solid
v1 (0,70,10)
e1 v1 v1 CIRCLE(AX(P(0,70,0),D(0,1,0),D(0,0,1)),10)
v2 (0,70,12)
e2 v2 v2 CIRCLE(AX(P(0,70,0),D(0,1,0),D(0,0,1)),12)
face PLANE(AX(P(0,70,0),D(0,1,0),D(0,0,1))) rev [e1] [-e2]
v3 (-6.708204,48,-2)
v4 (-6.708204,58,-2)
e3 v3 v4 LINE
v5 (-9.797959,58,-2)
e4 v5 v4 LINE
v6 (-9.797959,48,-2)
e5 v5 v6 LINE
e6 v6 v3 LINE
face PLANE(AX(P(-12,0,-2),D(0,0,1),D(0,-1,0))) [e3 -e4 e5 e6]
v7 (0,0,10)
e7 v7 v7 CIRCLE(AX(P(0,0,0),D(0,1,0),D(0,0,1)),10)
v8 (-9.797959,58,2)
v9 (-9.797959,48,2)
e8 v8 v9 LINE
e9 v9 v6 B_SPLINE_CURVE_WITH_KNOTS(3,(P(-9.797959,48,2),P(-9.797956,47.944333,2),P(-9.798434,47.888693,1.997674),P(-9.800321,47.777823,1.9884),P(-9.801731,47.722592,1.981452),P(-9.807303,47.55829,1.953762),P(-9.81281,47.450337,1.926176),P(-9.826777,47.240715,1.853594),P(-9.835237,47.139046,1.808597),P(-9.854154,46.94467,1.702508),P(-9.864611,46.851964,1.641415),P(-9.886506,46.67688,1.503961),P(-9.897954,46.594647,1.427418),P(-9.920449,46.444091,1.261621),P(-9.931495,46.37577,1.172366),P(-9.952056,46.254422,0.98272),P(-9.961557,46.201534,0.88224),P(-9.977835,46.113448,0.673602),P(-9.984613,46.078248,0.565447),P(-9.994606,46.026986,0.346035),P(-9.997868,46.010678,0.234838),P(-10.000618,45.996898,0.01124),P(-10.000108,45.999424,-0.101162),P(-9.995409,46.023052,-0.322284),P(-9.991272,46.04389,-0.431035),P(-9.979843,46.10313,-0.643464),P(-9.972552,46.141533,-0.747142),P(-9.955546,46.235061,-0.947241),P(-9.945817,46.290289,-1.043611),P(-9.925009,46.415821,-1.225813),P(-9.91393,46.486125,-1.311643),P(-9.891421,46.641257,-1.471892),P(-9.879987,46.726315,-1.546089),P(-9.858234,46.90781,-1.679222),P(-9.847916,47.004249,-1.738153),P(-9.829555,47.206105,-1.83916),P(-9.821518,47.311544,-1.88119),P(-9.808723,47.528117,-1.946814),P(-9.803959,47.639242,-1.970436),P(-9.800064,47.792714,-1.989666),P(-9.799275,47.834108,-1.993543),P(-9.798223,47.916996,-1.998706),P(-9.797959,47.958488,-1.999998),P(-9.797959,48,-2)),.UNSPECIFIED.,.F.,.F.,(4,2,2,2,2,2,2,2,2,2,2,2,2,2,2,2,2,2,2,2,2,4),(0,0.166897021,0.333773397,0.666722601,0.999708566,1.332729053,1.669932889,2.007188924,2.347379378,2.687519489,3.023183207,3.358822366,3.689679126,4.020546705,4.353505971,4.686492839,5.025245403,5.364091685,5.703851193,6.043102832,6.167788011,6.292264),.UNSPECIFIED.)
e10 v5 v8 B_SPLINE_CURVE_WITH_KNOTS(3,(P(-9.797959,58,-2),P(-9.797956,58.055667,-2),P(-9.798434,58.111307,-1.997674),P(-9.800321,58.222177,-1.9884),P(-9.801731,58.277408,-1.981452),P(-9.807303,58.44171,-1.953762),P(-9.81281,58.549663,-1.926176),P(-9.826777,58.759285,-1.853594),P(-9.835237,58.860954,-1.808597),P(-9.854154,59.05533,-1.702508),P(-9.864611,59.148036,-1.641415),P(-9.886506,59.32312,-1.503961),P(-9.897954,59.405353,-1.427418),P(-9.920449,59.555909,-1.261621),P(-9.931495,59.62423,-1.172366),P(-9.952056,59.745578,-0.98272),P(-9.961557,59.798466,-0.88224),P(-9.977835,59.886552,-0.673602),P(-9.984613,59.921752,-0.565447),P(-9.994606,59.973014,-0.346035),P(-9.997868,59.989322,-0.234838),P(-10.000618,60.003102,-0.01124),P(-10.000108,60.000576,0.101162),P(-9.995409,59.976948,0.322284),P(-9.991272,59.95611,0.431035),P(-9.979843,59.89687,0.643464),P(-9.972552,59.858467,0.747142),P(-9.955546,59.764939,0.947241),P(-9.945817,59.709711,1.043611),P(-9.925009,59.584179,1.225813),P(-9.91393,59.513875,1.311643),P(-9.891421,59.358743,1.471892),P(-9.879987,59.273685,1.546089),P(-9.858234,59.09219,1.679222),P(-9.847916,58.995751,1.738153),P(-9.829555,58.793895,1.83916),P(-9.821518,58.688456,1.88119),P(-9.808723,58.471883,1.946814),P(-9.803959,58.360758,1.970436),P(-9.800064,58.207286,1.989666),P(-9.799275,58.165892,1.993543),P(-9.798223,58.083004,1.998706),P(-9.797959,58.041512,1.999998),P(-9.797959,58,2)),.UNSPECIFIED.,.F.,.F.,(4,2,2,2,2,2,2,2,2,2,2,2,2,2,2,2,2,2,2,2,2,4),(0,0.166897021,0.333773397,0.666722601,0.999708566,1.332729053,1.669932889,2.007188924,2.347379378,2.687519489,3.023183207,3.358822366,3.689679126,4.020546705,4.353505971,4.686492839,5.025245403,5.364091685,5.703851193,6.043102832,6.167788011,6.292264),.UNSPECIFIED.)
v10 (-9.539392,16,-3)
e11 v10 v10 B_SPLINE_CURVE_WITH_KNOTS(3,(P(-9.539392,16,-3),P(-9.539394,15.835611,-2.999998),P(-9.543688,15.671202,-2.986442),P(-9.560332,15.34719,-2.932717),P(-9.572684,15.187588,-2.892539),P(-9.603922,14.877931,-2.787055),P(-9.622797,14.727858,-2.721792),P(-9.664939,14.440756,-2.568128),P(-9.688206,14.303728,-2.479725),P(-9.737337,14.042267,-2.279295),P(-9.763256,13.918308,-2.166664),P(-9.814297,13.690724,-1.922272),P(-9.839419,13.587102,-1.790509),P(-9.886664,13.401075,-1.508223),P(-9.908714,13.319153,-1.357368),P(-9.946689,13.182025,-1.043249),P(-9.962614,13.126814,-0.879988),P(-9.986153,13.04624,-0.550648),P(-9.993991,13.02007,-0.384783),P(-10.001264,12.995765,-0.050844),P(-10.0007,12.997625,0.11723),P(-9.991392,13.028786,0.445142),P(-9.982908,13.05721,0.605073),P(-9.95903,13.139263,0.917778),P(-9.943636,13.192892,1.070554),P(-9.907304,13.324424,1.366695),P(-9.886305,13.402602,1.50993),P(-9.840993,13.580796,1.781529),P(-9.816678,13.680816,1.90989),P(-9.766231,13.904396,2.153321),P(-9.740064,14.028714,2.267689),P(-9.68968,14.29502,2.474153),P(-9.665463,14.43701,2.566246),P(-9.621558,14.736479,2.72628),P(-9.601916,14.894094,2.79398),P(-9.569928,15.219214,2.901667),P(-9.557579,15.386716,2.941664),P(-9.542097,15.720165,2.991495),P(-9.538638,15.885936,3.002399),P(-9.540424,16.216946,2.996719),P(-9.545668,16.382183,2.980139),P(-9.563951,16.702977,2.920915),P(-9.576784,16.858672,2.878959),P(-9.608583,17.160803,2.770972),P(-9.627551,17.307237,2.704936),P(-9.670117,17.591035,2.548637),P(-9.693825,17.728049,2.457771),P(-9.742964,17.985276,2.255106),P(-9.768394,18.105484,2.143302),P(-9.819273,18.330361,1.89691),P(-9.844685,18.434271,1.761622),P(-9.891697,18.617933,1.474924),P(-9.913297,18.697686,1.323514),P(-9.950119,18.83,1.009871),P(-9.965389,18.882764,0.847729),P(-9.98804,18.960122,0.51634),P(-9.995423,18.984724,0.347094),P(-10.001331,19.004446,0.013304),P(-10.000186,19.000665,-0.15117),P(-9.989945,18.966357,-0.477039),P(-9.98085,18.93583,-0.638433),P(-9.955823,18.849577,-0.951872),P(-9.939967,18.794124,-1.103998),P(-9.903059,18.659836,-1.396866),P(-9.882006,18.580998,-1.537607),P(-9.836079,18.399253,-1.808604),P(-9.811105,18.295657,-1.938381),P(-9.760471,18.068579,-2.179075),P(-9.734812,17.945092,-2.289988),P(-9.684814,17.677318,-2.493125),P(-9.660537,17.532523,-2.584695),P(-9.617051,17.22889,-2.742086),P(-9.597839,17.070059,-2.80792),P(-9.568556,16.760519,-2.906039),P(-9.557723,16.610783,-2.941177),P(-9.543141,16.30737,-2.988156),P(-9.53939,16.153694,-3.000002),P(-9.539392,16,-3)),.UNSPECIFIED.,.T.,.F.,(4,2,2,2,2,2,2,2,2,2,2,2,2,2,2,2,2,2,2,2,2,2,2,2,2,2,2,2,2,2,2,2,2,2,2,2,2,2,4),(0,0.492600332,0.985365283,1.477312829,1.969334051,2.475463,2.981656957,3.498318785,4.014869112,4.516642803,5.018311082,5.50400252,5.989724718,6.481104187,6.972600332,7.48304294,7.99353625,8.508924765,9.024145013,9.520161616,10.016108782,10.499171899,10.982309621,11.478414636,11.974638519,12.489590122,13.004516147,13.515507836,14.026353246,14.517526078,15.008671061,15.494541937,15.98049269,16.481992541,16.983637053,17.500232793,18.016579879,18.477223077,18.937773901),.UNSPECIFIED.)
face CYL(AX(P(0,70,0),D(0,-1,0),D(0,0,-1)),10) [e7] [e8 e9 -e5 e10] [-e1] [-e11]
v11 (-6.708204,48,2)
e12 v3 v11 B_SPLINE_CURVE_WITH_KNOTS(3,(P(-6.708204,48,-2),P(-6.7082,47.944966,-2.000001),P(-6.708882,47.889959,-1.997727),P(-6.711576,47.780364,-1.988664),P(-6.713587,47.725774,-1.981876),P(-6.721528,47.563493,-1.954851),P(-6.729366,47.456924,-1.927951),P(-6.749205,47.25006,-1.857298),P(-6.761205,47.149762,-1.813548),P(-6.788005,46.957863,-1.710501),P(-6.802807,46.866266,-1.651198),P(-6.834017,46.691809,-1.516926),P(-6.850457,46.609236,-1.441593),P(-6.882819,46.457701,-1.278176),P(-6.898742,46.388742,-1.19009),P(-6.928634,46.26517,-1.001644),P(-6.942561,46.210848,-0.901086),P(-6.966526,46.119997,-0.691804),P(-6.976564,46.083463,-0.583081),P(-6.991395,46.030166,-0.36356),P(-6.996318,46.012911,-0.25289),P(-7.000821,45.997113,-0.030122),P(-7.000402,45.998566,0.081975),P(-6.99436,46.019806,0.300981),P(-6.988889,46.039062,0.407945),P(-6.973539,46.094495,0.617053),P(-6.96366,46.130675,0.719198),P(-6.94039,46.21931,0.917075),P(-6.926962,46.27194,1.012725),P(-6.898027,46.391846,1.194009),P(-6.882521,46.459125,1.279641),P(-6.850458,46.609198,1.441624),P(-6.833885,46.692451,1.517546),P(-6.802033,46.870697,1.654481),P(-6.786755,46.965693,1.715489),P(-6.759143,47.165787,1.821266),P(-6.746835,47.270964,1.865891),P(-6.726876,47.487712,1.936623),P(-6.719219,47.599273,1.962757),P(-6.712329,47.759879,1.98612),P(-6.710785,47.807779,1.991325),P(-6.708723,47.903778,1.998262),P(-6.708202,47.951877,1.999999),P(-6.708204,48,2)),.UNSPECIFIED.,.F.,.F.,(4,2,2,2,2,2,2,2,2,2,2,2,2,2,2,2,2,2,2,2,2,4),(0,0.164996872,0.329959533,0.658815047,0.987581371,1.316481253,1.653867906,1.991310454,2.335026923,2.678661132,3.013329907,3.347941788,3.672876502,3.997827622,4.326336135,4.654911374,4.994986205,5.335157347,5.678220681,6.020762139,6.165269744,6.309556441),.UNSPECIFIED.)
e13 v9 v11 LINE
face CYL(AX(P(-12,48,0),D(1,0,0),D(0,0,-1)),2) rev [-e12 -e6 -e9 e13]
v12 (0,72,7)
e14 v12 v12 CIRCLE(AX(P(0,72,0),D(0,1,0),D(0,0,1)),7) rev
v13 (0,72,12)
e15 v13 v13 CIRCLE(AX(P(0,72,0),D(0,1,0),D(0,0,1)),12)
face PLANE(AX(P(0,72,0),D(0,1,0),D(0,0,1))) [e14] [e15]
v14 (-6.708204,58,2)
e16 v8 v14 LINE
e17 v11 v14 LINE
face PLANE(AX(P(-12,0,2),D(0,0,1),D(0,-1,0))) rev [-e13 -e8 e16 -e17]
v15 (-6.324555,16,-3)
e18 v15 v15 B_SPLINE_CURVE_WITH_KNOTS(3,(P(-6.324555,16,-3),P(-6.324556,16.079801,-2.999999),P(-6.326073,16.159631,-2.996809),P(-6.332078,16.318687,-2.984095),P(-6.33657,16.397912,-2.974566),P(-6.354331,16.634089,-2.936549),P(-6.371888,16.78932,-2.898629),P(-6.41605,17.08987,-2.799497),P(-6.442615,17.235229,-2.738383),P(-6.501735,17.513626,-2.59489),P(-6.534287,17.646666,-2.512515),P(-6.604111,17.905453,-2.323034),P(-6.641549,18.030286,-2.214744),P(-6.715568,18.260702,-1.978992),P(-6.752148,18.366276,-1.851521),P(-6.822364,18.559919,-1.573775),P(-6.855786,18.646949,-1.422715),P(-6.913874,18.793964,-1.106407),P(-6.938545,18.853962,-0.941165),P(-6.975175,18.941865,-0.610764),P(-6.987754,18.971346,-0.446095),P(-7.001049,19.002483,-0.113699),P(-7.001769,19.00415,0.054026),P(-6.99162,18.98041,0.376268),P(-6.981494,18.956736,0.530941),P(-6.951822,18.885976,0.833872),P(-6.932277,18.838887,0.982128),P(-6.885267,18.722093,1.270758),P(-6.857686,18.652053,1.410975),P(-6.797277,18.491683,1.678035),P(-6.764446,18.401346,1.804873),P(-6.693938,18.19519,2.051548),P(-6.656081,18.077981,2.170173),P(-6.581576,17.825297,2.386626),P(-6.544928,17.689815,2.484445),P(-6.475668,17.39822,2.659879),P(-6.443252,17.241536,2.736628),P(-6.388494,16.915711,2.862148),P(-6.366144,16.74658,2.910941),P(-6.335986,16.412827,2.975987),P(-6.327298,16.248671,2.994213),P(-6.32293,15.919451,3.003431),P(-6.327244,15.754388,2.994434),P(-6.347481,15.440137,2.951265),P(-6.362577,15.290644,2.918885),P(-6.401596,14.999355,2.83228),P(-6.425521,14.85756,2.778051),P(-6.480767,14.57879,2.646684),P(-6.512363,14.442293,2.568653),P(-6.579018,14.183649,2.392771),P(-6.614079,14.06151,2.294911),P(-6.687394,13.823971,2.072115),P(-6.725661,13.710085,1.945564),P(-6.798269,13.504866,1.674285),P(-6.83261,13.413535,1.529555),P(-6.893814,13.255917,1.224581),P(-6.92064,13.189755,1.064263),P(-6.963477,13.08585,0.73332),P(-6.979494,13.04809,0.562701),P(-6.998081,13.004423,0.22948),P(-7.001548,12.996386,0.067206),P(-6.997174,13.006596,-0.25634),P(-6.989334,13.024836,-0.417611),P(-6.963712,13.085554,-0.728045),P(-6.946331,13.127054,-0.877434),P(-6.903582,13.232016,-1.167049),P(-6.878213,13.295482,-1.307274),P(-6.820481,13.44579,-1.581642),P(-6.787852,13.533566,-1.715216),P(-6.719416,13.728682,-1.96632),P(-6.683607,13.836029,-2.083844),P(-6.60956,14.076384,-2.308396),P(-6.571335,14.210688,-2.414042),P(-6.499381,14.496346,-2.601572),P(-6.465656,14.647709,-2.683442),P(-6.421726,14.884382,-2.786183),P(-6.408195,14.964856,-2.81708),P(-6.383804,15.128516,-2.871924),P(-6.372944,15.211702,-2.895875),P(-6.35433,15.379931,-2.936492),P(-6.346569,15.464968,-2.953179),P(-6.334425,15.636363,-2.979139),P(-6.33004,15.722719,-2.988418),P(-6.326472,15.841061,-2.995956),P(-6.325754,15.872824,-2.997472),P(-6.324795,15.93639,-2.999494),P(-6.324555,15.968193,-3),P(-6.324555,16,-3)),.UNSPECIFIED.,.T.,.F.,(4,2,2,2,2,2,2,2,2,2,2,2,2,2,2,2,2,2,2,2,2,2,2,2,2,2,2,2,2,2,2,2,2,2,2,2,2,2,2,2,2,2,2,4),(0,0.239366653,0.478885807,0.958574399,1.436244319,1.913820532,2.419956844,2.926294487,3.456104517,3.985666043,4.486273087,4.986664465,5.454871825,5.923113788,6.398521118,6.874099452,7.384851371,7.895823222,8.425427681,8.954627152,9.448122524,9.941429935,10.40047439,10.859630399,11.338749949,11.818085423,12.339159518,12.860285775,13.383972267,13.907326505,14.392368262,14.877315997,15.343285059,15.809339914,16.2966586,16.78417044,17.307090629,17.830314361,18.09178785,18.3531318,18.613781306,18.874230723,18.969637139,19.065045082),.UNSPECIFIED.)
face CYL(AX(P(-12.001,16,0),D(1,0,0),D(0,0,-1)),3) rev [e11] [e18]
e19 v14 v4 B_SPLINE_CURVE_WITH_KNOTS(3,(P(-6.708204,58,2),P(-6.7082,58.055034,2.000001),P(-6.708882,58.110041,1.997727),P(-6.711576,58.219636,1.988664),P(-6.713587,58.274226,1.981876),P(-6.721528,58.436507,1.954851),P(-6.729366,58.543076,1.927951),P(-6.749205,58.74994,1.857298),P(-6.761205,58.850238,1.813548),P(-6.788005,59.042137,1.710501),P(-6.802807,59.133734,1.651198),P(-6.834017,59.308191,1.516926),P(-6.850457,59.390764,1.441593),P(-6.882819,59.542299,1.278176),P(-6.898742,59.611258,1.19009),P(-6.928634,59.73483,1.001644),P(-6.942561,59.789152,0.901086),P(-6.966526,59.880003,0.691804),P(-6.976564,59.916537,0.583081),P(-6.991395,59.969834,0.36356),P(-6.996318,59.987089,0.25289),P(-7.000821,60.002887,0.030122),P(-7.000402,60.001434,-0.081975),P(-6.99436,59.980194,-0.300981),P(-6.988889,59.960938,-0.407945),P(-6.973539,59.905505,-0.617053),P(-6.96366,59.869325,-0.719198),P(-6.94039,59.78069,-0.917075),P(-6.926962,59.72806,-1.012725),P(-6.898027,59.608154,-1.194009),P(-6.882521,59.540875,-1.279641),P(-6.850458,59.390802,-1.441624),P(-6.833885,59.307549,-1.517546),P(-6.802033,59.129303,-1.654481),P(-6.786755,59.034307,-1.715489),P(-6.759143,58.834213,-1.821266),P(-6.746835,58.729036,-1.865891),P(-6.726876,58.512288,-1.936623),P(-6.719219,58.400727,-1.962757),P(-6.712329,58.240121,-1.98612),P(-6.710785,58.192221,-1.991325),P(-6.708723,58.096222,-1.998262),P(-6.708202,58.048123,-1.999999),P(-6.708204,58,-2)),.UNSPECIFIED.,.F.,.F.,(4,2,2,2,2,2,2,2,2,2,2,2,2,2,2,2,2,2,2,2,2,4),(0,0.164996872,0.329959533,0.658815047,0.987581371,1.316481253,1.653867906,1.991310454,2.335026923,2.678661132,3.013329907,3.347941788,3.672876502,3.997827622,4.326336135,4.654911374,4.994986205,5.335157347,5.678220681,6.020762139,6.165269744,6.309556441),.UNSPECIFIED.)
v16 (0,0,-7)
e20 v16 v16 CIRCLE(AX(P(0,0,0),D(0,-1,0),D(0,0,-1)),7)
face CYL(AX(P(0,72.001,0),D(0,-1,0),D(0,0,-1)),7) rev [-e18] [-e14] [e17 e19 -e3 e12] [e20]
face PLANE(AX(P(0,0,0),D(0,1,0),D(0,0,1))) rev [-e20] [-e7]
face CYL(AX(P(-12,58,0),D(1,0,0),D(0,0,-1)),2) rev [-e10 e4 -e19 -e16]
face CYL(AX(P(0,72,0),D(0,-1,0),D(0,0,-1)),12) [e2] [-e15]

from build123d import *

# Parameters (mm, degrees)
SKETCH4_R               = 10
BOSS_EXTRUDE2_DEPTH     = 70
SKETCH5_R               = 12
BOSS_EXTRUDE3_DEPTH     = 2
CUT_EXTRUDE1_REACH      = 75.973
SKETCH6_R               = 7
CUT_EXTRUDE3_REACH      = 75.973
CUT_EXTRUDE3_END_RADIUS = 10
SKETCH7_R               = 3
CUT_EXTRUDE5_DEPTH      = 1
CUT_EXTRUDE5_DEPTH_BACK = 74.972968133
SKETCH7_4_R             = 2


with BuildPart() as part:
    # Sketch4 → Boss-Extrude2 (new body)
    with BuildSketch(Plane(origin=(0, 0, 0), x_dir=(1, 0, 0), z_dir=(0, 1, 0))):
        with Locations(Location((0, 0, 0), (0, 0, 270))):
            Circle(SKETCH4_R)
    extrude(amount=BOSS_EXTRUDE2_DEPTH)

    # Sketch5 → Boss-Extrude3 (add)
    with BuildSketch(Plane(origin=(0, 70, 0), x_dir=(1, 0, 0), z_dir=(0, 1, 0))):
        with Locations(Location((0, 0, 0), (0, 0, 270))):
            Circle(SKETCH5_R)
    extrude(amount=BOSS_EXTRUDE3_DEPTH)

    # Sketch6 → Cut-Extrude1 (cut, up to next)
    with BuildSketch(Plane.XZ, mode=Mode.PRIVATE) as cut_extrude1_sk1:
        with Locations(Location((0, 0, 0), (0, 0, 270))):
            Circle(SKETCH6_R)
    cut_extrude1_tool1 = extrude(cut_extrude1_sk1.sketch, amount=-CUT_EXTRUDE1_REACH, mode=Mode.PRIVATE) & part.part
    add(cut_extrude1_tool1.solids().sort_by_distance((0, 0, 0))[0], mode=Mode.SUBTRACT)

    # Cut-Extrude3: up to this cylinder (the profile starts inside it)
    cut_extrude3_end = Plane(origin=(0, 16, 0), z_dir=(0, -1, 0)) * Cylinder(CUT_EXTRUDE3_END_RADIUS, 172.946, mode=Mode.PRIVATE)
    # Sketch7 → Cut-Extrude3 (cut, up to the surface)
    with BuildSketch(Plane(origin=(0, 0, 0), x_dir=(0, 0, -1), z_dir=(1, 0, 0)), mode=Mode.PRIVATE) as cut_extrude3_sk1:
        with Locations((0, 16)):
            Circle(SKETCH7_R)
    cut_extrude3_tool1 = extrude(cut_extrude3_sk1.sketch, amount=-CUT_EXTRUDE3_REACH, mode=Mode.PRIVATE) & cut_extrude3_end
    add(cut_extrude3_tool1.solids().sort_by_distance((0, 16, 0))[0], mode=Mode.SUBTRACT)

    # Sketch7<4> → Cut-Extrude5 (cut, two sides: drawn at the far end of the back side and taken through both)
    with BuildSketch(Plane(origin=(0, 0, 0), x_dir=(0, 0, -1), z_dir=(1, 0, 0)).offset(-CUT_EXTRUDE5_DEPTH_BACK)):
        with BuildLine():
            Line((2, 53), (2, 58))
            ThreePointArc((2, 58), (0, 60), (-2, 58))
            Line((-2, 58), (-2, 53))
            ThreePointArc((-2, 53), (0, 55), (2, 53))
        make_face()
        with Locations((0, 53)):
            Circle(SKETCH7_4_R)
        with BuildLine():
            Line((2, 48), (2, 53))
            ThreePointArc((2, 53), (0, 51), (-2, 53))
            Line((-2, 53), (-2, 48))
            ThreePointArc((-2, 48), (0, 46), (2, 48))
        make_face()
    extrude(amount=CUT_EXTRUDE5_DEPTH + CUT_EXTRUDE5_DEPTH_BACK, mode=Mode.SUBTRACT)


solid = part.part
